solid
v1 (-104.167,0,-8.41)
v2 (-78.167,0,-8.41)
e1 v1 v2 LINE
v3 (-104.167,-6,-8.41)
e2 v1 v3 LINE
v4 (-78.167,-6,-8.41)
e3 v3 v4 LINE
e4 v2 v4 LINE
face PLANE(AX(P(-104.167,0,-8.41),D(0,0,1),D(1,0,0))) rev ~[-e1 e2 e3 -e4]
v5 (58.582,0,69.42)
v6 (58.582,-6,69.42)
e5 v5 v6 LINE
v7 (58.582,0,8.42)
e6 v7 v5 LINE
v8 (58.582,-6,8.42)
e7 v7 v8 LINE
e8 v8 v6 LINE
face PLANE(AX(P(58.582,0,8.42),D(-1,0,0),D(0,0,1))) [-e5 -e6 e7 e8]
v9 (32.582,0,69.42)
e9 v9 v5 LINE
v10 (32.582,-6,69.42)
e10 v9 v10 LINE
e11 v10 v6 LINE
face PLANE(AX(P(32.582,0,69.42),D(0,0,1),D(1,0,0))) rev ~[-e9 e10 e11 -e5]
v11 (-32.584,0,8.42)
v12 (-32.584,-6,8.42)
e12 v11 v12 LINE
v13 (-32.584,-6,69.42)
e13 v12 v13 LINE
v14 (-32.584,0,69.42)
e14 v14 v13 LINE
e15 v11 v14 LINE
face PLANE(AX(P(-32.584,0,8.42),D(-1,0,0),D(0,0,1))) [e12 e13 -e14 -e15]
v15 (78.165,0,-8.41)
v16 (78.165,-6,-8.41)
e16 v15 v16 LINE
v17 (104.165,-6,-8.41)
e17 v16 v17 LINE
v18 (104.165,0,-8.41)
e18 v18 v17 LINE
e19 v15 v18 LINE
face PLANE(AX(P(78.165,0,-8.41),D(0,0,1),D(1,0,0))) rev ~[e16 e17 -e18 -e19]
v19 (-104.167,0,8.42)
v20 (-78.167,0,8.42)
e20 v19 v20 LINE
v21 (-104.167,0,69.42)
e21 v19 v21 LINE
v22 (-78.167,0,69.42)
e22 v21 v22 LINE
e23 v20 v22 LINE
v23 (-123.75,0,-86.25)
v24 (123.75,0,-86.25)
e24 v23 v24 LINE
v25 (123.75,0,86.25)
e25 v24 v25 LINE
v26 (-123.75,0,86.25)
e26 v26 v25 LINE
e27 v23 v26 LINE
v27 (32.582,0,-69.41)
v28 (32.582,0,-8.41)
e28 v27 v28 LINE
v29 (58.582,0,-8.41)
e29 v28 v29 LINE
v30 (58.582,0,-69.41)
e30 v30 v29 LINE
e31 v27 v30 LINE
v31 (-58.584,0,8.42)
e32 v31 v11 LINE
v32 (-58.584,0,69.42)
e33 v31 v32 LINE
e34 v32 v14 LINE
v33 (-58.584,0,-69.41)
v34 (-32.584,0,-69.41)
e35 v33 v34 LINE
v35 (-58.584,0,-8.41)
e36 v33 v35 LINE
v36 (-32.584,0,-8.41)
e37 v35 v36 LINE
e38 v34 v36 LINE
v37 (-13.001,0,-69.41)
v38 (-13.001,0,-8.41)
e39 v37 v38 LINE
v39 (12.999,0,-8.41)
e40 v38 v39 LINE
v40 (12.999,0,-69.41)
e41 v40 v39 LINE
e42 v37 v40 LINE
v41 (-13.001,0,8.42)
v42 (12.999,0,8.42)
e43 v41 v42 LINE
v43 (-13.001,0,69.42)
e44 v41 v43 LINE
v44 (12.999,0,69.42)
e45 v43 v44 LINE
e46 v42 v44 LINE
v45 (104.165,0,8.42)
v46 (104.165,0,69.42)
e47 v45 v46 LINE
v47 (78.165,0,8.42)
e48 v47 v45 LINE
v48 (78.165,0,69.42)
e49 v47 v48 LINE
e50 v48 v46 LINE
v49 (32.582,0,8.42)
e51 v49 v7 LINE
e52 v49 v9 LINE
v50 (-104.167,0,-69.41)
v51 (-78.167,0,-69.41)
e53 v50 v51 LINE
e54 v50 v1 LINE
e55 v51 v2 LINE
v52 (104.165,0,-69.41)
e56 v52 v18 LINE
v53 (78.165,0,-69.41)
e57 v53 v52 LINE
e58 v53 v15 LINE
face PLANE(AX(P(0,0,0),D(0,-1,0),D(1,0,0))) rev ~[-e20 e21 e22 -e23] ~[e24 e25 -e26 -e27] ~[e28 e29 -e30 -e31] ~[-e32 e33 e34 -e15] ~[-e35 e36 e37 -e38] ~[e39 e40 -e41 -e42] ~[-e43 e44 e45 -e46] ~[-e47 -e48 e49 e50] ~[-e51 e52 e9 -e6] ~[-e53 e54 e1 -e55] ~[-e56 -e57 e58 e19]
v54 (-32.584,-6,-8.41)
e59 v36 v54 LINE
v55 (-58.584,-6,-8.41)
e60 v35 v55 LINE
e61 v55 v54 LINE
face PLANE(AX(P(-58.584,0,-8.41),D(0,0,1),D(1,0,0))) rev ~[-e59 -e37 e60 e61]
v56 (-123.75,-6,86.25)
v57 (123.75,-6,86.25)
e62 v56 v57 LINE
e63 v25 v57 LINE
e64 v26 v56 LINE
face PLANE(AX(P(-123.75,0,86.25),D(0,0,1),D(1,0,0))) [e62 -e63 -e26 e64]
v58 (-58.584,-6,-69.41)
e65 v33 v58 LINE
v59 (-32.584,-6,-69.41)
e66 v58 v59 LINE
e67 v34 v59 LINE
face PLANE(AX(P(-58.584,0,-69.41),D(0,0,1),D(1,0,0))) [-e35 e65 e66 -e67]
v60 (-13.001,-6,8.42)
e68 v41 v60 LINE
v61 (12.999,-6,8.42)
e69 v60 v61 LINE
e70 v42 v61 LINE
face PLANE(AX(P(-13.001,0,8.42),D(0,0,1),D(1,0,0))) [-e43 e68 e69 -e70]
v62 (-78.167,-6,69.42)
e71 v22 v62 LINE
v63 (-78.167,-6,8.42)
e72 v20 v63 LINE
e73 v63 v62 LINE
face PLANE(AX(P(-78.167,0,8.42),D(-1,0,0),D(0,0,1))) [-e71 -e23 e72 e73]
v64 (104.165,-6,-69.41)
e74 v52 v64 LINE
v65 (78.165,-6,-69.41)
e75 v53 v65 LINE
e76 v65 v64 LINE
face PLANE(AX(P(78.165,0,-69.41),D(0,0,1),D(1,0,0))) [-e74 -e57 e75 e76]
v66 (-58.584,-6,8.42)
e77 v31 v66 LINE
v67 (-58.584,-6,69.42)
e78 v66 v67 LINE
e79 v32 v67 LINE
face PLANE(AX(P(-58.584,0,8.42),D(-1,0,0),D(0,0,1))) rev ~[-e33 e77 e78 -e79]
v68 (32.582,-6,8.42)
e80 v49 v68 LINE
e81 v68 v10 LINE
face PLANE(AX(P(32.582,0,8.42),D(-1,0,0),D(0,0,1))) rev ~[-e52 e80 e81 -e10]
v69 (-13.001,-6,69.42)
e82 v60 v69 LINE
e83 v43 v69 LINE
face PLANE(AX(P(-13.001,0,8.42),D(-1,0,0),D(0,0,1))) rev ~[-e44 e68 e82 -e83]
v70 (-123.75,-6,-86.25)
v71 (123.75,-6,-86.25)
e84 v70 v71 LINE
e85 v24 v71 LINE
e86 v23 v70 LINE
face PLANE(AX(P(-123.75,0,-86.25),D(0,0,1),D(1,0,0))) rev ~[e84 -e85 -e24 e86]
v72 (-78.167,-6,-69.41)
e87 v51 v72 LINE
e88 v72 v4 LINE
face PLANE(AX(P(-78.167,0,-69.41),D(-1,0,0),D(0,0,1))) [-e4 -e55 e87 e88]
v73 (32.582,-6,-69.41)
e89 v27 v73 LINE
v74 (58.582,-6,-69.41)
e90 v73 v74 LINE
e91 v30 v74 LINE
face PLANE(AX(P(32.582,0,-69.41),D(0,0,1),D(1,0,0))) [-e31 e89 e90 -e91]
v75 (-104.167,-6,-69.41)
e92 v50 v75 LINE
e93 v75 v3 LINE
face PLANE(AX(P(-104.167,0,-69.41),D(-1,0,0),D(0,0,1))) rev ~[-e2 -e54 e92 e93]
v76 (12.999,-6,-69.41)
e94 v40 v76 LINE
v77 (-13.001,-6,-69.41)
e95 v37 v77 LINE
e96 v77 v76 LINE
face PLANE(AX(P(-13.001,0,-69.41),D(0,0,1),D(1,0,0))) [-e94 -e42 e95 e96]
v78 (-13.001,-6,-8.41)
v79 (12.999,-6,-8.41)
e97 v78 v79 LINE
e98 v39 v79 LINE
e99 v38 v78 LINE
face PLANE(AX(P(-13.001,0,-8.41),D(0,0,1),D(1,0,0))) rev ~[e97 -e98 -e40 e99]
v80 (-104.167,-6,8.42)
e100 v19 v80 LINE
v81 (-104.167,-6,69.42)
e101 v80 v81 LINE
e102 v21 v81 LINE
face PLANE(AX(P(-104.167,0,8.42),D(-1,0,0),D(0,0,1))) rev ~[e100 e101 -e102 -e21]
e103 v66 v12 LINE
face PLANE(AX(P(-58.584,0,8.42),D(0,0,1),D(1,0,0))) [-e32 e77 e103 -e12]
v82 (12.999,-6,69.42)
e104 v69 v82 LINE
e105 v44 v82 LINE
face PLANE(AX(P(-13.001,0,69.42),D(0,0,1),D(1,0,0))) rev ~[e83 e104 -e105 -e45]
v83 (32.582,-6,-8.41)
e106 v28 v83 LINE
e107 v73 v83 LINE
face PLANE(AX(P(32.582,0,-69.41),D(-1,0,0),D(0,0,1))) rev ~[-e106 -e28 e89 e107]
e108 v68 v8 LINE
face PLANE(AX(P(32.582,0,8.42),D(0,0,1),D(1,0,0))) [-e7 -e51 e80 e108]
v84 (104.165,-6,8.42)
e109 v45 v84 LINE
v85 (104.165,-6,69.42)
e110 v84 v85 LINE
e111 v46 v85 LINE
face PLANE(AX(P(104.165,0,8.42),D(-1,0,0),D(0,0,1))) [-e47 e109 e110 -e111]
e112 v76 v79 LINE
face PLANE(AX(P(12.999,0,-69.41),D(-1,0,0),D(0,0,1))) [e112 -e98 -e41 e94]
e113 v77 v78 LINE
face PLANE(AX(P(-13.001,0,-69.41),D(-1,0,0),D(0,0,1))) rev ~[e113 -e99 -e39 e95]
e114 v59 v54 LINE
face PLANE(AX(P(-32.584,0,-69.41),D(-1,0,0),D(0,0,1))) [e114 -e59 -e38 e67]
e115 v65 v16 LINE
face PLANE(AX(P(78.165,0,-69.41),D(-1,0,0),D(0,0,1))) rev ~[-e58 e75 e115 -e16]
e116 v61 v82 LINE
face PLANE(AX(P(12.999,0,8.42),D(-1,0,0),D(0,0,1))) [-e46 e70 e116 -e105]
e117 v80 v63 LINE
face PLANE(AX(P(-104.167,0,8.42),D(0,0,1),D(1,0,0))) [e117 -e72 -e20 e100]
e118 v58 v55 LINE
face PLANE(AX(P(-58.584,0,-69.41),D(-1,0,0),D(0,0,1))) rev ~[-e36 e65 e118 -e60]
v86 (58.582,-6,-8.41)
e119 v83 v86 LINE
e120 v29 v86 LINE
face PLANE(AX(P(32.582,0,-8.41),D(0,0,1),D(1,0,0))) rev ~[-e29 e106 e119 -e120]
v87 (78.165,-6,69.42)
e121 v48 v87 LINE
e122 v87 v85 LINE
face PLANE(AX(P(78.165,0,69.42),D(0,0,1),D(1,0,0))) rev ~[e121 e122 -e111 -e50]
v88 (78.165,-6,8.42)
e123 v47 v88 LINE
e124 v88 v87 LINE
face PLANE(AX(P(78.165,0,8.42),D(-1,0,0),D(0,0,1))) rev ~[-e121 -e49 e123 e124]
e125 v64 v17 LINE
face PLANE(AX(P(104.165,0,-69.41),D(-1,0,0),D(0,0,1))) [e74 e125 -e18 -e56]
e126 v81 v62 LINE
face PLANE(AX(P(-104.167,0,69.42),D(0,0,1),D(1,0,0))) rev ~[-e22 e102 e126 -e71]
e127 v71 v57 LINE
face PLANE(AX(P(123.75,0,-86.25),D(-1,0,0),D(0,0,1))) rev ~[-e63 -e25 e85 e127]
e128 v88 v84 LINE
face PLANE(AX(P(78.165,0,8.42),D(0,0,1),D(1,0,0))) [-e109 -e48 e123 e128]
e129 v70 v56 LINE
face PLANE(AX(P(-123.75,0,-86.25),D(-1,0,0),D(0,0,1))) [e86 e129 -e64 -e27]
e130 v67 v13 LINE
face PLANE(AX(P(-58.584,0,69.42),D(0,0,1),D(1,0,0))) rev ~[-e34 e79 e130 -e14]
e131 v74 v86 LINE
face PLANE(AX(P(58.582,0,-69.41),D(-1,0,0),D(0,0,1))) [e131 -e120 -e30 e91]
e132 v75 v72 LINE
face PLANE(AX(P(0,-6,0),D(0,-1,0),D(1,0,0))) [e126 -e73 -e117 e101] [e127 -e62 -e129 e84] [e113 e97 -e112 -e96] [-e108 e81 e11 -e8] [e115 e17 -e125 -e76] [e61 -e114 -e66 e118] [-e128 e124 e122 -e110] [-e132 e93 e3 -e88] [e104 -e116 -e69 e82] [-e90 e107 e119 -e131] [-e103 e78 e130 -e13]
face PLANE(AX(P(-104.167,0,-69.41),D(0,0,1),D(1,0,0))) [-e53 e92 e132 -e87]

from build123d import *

# Parameters (mm, degrees)
F0_W     = 247.5
F0_H     = 172.5
F0_W_2   = 26
F0_H_2   = 61
F1_DEPTH = 6


with BuildPart() as f1:
    # F0 (on Front) → F1 (new body)
    with BuildSketch(Plane.XZ):
        Rectangle(F0_W, F0_H)
        with Locations((-91.167, -38.91)):
            Rectangle(F0_W_2, F0_H_2, mode=Mode.SUBTRACT)
        with Locations((-45.584, -38.91)):
            Rectangle(F0_W_2, F0_H_2, mode=Mode.SUBTRACT)
        with Locations((-0.001, -38.91)):
            Rectangle(F0_W_2, F0_H_2, mode=Mode.SUBTRACT)
        with Locations((45.582, -38.91)):
            Rectangle(F0_W_2, F0_H_2, mode=Mode.SUBTRACT)
        with Locations((91.165, -38.91)):
            Rectangle(F0_W_2, F0_H_2, mode=Mode.SUBTRACT)
        with Locations((-91.167, 38.92)):
            Rectangle(F0_W_2, F0_H_2, mode=Mode.SUBTRACT)
        with Locations((-45.584, 38.92)):
            Rectangle(F0_W_2, F0_H_2, mode=Mode.SUBTRACT)
        with Locations((-0.001, 38.92)):
            Rectangle(F0_W_2, F0_H_2, mode=Mode.SUBTRACT)
        with Locations((45.582, 38.92)):
            Rectangle(F0_W_2, F0_H_2, mode=Mode.SUBTRACT)
        with Locations((91.165, 38.92)):
            Rectangle(F0_W_2, F0_H_2, mode=Mode.SUBTRACT)
    extrude(amount=F1_DEPTH)


solid = f1.part
